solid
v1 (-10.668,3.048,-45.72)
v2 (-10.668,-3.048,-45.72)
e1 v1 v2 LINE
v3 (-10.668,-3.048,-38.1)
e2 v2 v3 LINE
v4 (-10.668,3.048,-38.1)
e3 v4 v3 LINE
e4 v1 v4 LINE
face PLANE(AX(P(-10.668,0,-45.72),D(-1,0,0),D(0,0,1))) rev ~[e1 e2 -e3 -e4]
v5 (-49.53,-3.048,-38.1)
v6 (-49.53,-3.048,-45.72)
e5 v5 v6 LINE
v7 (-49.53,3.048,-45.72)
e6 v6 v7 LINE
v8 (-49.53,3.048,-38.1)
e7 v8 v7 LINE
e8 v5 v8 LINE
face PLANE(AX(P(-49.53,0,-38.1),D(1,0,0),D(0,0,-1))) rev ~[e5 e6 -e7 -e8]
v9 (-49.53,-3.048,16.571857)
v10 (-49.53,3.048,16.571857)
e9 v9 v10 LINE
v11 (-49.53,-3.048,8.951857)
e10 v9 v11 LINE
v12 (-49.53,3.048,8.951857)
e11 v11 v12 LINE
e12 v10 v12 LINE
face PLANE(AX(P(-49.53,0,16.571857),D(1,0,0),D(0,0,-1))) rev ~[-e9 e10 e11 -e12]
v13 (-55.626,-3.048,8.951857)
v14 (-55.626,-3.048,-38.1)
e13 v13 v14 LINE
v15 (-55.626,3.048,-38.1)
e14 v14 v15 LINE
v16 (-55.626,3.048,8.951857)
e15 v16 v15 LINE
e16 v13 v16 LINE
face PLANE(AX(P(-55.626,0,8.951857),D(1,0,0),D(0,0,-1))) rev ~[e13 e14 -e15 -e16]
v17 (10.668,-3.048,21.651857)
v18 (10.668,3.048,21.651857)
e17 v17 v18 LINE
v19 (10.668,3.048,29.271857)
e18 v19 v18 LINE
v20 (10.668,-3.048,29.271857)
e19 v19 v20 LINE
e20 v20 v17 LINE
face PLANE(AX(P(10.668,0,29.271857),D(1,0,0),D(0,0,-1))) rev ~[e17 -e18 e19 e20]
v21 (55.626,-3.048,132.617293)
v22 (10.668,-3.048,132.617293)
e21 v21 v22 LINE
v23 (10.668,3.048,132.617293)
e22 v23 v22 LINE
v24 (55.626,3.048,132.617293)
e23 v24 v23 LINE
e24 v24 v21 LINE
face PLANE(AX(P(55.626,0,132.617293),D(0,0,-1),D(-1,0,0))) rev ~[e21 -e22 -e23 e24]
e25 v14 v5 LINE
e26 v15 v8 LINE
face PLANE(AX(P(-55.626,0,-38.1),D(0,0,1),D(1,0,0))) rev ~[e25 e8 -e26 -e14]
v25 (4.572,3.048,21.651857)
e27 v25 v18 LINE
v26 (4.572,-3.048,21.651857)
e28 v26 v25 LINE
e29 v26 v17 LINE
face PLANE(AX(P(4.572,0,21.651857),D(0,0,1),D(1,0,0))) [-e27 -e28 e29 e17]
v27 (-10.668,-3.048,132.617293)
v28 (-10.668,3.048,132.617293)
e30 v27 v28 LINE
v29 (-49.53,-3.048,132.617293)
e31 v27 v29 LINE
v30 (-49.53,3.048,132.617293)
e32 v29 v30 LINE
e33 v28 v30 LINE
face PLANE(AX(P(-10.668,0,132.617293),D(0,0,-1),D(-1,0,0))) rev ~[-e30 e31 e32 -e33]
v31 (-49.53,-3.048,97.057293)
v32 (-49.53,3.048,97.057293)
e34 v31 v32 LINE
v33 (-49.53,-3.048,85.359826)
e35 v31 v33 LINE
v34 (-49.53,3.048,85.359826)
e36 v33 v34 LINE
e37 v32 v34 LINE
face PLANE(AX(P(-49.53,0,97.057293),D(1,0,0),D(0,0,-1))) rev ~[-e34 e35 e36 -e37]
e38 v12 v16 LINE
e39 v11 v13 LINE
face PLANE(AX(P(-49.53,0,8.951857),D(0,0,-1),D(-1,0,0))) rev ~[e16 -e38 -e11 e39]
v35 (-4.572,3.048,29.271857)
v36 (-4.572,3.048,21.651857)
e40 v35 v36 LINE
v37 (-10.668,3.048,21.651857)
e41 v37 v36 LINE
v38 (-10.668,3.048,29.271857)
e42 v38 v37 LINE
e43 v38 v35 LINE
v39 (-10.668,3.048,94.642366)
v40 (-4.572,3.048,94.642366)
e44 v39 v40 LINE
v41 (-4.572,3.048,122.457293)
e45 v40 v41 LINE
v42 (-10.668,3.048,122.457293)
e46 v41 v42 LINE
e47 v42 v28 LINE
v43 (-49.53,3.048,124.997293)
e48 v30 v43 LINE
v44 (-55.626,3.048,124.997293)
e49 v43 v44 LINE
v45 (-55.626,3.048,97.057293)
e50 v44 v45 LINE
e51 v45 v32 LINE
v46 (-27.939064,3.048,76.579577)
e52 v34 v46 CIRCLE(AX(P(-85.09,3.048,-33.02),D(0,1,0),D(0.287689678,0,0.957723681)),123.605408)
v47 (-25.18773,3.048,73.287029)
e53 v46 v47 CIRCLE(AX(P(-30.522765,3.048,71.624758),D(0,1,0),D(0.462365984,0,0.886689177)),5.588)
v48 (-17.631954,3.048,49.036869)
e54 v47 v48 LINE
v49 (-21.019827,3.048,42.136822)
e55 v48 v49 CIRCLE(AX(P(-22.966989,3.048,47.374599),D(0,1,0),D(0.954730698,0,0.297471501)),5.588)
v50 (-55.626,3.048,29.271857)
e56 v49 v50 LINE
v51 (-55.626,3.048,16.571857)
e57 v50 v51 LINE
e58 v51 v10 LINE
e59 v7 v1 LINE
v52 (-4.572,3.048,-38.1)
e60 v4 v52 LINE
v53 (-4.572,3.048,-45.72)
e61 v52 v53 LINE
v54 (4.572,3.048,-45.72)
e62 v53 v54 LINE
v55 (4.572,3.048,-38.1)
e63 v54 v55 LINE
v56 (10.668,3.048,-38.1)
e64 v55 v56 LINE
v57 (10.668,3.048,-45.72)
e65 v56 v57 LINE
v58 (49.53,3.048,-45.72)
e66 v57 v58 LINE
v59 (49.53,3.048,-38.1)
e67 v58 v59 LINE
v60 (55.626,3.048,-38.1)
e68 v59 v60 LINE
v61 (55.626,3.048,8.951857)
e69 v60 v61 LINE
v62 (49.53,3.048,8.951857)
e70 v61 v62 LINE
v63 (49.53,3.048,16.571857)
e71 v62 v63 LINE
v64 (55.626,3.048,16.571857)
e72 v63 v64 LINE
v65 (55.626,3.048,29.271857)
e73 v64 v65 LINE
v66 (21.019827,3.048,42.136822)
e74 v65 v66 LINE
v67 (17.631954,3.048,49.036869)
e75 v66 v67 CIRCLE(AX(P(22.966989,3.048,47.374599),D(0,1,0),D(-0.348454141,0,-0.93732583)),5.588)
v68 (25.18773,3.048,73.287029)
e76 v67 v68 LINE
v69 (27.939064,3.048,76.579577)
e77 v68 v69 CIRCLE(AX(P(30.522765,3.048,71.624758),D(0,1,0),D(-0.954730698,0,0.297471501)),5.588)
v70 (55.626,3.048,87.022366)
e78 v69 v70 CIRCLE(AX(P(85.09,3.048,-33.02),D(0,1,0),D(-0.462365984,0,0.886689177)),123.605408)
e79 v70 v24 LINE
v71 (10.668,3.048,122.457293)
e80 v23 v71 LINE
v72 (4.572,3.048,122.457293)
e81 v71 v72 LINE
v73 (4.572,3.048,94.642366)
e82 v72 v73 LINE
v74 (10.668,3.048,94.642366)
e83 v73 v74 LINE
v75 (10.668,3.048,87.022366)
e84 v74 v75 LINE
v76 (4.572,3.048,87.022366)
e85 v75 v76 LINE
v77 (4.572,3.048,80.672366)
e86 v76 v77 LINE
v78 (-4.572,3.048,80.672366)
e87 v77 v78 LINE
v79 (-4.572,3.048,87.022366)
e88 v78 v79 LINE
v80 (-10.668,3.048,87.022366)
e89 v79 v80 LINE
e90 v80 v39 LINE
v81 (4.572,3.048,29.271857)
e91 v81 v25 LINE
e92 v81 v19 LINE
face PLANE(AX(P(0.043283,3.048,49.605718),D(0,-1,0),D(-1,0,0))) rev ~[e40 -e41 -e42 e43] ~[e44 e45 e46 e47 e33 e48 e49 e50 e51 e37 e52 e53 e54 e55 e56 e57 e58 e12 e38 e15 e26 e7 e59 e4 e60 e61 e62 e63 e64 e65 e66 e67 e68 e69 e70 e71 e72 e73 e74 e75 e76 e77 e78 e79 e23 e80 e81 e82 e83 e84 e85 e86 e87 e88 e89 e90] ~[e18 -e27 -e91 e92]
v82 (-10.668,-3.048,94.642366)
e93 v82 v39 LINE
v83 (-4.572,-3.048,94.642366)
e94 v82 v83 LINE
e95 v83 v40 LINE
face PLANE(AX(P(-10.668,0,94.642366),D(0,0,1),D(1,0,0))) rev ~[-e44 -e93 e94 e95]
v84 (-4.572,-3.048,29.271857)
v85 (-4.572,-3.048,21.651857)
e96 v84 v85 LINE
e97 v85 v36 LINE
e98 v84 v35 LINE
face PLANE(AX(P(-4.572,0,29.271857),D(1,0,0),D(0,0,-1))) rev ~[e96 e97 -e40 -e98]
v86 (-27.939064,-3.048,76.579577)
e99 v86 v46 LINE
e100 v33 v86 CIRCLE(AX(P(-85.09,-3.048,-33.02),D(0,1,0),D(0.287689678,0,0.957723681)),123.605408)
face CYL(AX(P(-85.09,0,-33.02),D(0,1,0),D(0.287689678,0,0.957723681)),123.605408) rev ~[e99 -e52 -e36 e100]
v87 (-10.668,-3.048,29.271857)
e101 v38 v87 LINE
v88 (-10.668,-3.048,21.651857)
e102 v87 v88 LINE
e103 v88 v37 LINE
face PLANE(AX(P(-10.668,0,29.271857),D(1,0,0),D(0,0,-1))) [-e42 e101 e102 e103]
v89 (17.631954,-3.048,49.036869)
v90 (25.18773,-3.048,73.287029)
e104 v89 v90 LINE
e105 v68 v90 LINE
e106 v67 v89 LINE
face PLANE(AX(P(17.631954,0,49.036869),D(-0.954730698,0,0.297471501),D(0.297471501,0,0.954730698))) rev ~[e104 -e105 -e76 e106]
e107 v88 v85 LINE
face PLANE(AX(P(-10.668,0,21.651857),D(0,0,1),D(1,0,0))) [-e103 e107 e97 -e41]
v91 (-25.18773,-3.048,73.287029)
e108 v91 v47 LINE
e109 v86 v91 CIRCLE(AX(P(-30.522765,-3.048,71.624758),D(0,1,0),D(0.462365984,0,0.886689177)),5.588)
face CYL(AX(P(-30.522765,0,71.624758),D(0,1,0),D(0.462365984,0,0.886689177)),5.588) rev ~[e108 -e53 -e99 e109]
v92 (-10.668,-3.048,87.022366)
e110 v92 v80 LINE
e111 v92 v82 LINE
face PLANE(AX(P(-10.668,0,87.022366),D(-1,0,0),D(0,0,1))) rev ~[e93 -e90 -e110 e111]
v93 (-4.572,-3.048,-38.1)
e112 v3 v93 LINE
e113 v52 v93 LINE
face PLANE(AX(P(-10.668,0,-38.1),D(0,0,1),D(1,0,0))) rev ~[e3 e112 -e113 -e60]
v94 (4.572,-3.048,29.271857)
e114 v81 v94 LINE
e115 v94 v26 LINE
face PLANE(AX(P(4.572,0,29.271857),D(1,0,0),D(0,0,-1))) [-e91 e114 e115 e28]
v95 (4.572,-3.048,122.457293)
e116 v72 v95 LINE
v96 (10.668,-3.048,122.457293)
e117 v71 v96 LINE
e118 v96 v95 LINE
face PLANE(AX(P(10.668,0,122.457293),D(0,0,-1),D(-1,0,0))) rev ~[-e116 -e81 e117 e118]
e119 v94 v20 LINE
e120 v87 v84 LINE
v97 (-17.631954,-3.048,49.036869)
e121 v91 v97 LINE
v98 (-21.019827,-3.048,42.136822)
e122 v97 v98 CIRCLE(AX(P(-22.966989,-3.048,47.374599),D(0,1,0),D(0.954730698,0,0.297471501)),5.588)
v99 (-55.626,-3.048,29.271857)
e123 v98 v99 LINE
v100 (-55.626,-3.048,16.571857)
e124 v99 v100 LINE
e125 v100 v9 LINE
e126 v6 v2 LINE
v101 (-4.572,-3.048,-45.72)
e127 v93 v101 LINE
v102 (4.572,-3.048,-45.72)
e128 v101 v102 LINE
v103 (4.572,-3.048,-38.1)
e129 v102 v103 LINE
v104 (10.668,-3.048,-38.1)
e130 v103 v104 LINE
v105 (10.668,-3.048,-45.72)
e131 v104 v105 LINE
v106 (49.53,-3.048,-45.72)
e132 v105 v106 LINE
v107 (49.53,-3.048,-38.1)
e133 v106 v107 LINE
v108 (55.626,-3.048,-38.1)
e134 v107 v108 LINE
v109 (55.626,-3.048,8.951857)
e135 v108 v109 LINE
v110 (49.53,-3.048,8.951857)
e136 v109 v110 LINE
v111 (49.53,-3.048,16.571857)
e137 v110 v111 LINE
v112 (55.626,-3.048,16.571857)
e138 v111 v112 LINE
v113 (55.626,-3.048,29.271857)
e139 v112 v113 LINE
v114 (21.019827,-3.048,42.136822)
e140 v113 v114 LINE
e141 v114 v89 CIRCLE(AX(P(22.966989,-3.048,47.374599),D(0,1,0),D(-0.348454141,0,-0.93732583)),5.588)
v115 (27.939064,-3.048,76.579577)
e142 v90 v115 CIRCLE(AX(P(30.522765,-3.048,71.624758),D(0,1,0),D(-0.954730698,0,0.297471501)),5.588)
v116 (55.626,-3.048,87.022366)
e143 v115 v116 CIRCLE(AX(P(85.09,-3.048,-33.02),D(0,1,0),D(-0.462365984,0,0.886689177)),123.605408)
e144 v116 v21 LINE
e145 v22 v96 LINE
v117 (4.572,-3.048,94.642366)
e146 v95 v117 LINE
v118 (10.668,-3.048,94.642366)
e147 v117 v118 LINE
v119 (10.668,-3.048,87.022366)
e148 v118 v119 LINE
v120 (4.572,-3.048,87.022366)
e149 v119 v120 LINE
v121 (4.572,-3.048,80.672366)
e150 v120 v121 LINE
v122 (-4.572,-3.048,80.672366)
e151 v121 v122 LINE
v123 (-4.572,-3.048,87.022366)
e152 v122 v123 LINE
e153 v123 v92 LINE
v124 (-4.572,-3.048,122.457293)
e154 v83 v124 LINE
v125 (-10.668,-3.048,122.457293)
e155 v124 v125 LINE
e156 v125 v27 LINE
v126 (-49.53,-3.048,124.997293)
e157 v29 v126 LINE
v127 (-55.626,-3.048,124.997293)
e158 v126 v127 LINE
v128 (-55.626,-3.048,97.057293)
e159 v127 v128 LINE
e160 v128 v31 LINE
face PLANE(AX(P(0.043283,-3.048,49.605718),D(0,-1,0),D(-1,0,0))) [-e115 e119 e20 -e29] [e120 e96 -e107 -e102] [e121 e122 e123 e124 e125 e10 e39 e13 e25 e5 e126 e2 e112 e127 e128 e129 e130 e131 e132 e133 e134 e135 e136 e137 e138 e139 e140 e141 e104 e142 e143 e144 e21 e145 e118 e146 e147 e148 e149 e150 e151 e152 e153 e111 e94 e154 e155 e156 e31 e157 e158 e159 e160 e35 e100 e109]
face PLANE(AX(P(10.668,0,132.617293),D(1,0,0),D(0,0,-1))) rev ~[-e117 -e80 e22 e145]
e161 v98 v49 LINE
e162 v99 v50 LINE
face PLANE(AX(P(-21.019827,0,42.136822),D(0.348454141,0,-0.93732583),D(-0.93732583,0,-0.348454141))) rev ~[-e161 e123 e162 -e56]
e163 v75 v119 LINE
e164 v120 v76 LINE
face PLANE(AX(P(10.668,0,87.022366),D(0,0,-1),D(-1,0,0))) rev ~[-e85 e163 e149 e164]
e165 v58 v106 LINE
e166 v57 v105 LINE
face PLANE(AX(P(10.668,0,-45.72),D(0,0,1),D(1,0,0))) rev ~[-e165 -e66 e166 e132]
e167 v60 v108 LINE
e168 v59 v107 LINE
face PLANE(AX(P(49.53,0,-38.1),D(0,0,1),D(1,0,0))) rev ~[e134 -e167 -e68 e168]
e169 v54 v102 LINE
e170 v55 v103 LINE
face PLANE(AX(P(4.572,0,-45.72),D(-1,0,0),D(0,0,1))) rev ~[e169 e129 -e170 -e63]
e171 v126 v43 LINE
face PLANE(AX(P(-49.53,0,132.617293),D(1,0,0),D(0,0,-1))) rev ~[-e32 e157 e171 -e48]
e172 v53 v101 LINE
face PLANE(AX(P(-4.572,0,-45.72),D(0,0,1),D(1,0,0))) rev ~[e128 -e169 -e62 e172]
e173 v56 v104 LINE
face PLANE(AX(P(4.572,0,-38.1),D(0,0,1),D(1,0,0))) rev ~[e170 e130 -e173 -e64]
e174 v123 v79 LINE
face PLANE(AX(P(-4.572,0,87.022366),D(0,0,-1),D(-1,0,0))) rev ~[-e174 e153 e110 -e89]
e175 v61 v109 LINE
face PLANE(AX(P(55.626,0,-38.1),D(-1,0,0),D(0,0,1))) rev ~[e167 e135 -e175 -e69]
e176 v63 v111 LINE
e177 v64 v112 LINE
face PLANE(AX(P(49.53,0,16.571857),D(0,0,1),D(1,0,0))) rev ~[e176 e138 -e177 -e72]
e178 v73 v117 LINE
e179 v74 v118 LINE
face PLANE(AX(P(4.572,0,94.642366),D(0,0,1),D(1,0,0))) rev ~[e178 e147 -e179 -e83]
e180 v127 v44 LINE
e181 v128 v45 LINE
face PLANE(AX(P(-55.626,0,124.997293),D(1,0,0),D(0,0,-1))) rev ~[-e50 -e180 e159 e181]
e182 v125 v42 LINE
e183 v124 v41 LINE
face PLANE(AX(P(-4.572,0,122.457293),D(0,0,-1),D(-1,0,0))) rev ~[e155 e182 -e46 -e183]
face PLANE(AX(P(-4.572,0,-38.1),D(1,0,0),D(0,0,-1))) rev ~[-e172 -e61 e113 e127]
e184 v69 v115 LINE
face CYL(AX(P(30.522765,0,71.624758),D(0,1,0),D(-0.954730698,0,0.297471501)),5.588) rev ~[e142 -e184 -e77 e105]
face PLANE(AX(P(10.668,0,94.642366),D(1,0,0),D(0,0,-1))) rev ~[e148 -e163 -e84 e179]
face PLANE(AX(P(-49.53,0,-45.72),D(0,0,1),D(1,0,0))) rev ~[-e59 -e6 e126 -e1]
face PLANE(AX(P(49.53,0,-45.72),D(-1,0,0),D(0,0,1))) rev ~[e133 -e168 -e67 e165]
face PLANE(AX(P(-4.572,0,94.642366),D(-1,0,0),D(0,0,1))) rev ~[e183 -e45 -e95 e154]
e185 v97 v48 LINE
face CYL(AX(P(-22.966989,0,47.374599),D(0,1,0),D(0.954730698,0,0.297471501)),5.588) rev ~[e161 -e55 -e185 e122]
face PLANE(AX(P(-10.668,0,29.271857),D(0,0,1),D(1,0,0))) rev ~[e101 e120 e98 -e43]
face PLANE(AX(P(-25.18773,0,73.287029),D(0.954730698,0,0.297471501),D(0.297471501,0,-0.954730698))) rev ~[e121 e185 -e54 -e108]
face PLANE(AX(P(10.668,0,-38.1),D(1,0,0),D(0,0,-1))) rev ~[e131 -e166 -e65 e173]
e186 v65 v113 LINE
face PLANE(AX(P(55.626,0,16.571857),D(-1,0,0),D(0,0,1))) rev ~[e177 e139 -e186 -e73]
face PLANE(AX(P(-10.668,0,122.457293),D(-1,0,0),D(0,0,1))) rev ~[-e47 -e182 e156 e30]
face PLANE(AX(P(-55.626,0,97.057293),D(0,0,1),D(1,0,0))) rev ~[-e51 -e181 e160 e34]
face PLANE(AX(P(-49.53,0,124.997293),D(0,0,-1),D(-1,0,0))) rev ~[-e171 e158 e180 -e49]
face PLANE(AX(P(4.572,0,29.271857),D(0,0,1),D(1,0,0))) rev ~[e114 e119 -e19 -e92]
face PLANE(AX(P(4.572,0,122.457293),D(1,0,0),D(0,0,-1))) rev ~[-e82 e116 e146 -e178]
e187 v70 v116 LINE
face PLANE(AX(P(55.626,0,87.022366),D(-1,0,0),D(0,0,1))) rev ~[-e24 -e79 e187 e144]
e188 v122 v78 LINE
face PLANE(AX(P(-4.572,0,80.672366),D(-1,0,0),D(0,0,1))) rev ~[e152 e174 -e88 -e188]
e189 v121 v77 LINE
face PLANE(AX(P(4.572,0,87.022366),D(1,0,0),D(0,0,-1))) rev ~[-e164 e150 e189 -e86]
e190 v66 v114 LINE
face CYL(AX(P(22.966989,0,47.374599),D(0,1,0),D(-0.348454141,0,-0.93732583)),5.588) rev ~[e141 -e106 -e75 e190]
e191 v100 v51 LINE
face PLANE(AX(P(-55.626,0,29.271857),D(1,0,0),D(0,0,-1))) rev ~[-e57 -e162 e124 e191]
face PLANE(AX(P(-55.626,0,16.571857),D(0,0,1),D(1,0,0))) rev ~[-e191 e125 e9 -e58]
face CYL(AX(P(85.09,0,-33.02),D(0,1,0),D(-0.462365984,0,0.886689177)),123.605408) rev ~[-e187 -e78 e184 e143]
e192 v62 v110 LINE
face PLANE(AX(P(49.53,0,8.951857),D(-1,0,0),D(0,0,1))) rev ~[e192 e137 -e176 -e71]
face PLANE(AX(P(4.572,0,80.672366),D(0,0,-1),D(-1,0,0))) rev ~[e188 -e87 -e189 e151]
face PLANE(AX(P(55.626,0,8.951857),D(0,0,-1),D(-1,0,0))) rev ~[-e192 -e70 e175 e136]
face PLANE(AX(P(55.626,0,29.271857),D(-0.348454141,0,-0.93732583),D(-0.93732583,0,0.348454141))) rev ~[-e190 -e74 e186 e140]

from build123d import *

# Parameters (mm, degrees)
SKETCH1_W           = 6.096
SKETCH1_H           = 7.62
BOSS_EXTRUDE1_DEPTH = 3.048


with BuildPart() as part:
    # Sketch1 → Boss-Extrude1 (new, symmetric)
    with BuildSketch(Plane(origin=(0, 0, 0), x_dir=(1, 0, 0), z_dir=(0, 1, 0))):
        with BuildLine():
            Line((-49.53, 45.72), (-10.668, 45.72))
            Line((-10.668, 45.72), (-10.668, 38.1))
            Line((-10.668, 38.1), (-4.572, 38.1))
            Line((-4.572, 38.1), (-4.572, 45.72))
            Line((-4.572, 45.72), (4.572, 45.72))
            Line((4.572, 45.72), (4.572, 38.1))
            Line((4.572, 38.1), (10.668, 38.1))
            Line((10.668, 38.1), (10.668, 45.72))
            Line((10.668, 45.72), (49.53, 45.72))
            Line((49.53, 45.72), (49.53, 38.1))
            Line((49.53, 38.1), (55.626, 38.1))
            Line((55.626, 38.1), (55.626, -8.951856626))
            Line((55.626, -8.951856626), (49.53, -8.951856626))
            Line((49.53, -8.951856626), (49.53, -16.571856626))
            Line((49.53, -16.571856626), (55.626, -16.571856626))
            Line((55.626, -16.571856626), (55.626, -29.271856626))
            Line((55.626, -29.271856626), (21.019827136, -42.136821893))
            ThreePointArc((21.019827136, -42.136821893), (17.95098831, -44.911778638), (17.631953735, -49.036869377))
            Line((17.631953735, -49.036869377), (25.187729856, -73.287029113))
            ThreePointArc((25.187729856, -73.287029113), (26.234780075, -75.207903536), (27.939063878, -76.579577488))
            ThreePointArc((27.939063878, -76.579577488), (41.468907088, -82.632484358), (55.626, -87.022365809))
            Line((55.626, -87.022365809), (55.626, -132.617292876))
            Line((55.626, -132.617292876), (10.668, -132.617292876))
            Line((10.668, -132.617292876), (10.668, -122.457292876))
            Line((10.668, -122.457292876), (4.572, -122.457292876))
            Line((4.572, -122.457292876), (4.572, -94.642365809))
            Line((4.572, -94.642365809), (10.668, -94.642365809))
            Line((10.668, -94.642365809), (10.668, -87.022365809))
            Line((10.668, -87.022365809), (4.572, -87.022365809))
            Line((4.572, -87.022365809), (4.572, -80.672365809))
            Line((4.572, -80.672365809), (-4.572, -80.672365809))
            Line((-4.572, -80.672365809), (-4.572, -87.022365809))
            Line((-4.572, -87.022365809), (-10.668, -87.022365809))
            Line((-10.668, -87.022365809), (-10.668, -94.642365809))
            Line((-10.668, -94.642365809), (-4.572, -94.642365809))
            Line((-4.572, -94.642365809), (-4.572, -122.457292876))
            Line((-4.572, -122.457292876), (-10.668, -122.457292876))
            Line((-10.668, -122.457292876), (-10.668, -132.617292876))
            Line((-10.668, -132.617292876), (-49.53, -132.617292876))
            Line((-49.53, -132.617292876), (-49.53, -124.997292876))
            Line((-49.53, -124.997292876), (-55.626, -124.997292876))
            Line((-55.626, -124.997292876), (-55.626, -97.057292876))
            Line((-55.626, -97.057292876), (-49.53, -97.057292876))
            Line((-49.53, -97.057292876), (-49.53, -85.359826344))
            ThreePointArc((-49.53, -85.359826344), (-38.527111219, -81.479756652), (-27.939063878, -76.579577488))
            ThreePointArc((-27.939063878, -76.579577488), (-26.234780075, -75.207903536), (-25.187729856, -73.287029113))
            Line((-25.187729856, -73.287029113), (-17.631953735, -49.036869377))
            ThreePointArc((-17.631953735, -49.036869377), (-17.95098831, -44.911778638), (-21.019827136, -42.136821893))
            Line((-21.019827136, -42.136821893), (-55.626, -29.271856626))
            Line((-55.626, -29.271856626), (-55.626, -16.571856626))
            Line((-55.626, -16.571856626), (-49.53, -16.571856626))
            Line((-49.53, -16.571856626), (-49.53, -8.951856626))
            Line((-49.53, -8.951856626), (-55.626, -8.951856626))
            Line((-55.626, -8.951856626), (-55.626, 38.1))
            Line((-55.626, 38.1), (-49.53, 38.1))
            Line((-49.53, 38.1), (-49.53, 45.72))
        make_face()
        with Locations((7.62, -25.461856626)):
            Rectangle(SKETCH1_W, SKETCH1_H, mode=Mode.SUBTRACT)
        with Locations((-7.62, -25.461856626)):
            Rectangle(SKETCH1_W, SKETCH1_H, mode=Mode.SUBTRACT)
    extrude(amount=BOSS_EXTRUDE1_DEPTH, both=True)


solid = part.part
